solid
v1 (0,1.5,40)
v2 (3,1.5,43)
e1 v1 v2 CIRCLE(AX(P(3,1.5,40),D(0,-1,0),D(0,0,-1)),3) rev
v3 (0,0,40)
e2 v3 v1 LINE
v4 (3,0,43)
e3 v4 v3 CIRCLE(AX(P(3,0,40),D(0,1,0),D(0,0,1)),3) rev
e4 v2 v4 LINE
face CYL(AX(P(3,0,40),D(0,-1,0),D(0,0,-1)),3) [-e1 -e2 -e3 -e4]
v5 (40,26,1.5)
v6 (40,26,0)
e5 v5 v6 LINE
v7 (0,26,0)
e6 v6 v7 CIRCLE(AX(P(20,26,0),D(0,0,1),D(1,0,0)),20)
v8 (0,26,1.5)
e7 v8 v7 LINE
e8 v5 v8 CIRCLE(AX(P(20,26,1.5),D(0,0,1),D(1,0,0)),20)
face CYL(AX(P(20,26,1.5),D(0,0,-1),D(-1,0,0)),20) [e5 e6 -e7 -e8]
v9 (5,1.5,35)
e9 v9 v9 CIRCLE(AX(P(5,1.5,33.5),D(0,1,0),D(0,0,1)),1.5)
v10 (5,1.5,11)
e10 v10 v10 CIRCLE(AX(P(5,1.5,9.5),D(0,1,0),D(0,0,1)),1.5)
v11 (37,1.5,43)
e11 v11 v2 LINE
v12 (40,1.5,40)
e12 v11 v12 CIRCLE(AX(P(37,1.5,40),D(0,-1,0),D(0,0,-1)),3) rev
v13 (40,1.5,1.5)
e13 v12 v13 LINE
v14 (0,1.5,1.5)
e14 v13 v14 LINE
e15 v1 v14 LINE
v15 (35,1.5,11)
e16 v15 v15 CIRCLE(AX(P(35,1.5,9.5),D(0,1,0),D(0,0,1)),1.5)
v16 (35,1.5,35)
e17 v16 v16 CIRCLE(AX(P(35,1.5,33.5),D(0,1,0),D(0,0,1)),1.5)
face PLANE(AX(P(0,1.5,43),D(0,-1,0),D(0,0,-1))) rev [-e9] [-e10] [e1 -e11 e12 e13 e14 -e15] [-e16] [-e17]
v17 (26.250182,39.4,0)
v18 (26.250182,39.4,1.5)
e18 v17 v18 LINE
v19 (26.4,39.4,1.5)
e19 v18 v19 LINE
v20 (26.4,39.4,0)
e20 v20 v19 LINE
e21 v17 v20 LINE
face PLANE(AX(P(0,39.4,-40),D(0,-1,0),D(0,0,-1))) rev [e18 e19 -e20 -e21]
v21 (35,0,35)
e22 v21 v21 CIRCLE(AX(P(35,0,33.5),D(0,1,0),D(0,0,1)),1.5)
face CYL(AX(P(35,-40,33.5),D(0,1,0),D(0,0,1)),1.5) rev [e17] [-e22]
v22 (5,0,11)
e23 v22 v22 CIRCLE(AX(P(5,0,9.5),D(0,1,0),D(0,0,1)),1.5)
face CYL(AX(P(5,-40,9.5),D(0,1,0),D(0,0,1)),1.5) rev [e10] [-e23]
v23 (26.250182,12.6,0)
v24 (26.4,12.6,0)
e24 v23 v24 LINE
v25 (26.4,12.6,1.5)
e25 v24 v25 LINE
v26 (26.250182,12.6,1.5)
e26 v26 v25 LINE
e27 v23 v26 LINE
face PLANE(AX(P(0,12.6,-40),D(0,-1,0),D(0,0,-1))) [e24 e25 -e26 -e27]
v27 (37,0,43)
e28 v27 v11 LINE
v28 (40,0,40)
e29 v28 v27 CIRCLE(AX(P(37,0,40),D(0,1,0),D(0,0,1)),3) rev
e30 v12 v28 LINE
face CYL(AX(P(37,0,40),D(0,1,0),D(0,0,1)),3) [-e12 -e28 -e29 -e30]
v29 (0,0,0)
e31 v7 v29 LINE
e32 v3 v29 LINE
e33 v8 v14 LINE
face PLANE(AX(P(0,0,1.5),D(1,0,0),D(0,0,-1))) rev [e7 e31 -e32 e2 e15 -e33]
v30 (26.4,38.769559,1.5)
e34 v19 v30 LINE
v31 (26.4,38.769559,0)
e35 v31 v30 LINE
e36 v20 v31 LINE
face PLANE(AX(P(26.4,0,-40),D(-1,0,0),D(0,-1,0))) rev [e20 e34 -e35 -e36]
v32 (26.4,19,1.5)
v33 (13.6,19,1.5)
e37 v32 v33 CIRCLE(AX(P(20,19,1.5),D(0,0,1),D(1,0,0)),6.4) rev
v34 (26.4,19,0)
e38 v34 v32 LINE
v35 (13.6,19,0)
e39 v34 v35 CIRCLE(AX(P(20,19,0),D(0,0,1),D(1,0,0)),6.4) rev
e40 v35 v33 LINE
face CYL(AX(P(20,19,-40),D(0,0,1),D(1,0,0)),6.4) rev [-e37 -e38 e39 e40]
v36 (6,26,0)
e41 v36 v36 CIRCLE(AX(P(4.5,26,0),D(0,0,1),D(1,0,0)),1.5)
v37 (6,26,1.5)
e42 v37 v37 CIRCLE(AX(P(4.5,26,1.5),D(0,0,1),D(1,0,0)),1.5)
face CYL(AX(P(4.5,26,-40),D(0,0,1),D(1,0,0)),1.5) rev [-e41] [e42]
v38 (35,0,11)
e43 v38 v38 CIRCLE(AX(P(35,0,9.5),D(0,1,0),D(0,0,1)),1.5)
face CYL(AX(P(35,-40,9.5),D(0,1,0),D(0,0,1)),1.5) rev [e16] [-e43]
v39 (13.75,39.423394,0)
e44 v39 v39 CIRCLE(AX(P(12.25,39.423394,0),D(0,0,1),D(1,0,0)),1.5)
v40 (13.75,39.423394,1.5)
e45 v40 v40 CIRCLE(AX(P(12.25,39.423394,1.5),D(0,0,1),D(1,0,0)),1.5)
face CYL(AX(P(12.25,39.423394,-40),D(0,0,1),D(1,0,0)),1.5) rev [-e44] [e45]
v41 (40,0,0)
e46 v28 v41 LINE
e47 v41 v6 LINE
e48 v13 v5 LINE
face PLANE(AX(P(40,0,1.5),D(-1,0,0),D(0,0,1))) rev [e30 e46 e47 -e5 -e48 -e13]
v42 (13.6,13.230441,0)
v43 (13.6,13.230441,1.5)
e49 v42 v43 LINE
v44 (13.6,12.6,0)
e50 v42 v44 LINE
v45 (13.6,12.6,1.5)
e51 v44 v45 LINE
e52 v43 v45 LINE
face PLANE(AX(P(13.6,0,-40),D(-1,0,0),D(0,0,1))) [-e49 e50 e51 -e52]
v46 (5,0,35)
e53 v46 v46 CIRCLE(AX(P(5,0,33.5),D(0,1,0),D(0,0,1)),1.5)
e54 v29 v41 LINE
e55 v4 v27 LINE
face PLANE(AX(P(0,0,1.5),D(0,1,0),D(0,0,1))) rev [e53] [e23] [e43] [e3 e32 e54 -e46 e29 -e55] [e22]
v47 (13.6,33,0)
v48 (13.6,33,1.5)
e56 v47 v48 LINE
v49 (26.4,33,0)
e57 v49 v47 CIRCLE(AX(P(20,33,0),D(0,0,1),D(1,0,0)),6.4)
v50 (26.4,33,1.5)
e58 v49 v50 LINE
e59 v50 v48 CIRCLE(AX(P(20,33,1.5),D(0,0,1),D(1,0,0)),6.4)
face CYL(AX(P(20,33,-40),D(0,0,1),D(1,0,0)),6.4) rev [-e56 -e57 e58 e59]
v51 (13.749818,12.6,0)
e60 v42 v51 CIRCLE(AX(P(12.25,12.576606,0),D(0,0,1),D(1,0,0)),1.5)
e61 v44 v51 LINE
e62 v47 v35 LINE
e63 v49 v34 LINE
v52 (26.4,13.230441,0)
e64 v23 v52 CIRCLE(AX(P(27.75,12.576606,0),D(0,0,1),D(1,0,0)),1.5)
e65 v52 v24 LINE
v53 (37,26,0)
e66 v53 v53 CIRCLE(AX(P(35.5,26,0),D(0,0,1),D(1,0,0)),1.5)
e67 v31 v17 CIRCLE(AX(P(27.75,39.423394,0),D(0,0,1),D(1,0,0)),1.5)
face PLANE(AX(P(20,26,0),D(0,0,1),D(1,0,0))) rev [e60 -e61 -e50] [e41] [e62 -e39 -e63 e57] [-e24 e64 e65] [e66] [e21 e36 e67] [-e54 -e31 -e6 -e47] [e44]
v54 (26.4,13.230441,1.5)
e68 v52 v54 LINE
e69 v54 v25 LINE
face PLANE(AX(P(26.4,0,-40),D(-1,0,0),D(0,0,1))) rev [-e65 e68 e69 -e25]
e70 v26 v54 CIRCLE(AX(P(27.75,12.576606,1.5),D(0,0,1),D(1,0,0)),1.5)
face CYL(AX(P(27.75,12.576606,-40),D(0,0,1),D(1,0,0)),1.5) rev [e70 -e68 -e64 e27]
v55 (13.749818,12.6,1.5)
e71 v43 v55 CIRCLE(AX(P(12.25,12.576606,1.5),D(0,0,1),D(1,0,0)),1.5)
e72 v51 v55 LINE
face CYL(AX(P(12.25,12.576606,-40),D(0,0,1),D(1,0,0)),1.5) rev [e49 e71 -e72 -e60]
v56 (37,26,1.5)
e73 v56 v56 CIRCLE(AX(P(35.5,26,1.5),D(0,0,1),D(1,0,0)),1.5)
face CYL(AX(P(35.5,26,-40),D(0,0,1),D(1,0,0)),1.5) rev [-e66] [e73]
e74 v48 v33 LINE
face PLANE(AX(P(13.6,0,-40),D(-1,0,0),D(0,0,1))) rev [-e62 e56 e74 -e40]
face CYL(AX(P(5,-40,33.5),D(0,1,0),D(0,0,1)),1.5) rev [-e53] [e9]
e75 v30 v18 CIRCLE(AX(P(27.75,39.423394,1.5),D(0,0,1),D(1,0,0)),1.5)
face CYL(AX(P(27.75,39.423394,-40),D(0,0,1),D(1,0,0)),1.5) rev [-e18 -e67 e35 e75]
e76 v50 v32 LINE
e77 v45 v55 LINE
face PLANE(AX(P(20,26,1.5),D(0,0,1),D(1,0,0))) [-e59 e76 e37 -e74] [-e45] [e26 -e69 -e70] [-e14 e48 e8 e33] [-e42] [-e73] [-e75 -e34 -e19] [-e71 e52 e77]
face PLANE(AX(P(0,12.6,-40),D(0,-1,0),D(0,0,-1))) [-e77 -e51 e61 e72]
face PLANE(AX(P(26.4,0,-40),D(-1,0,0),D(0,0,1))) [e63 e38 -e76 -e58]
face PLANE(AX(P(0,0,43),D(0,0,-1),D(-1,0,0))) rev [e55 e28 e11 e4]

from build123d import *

# Parameters (mm, degrees)
SALIENTE_EXTRUIR1_DEPTH = 1.5
CROQUIS2_W              = 40
CROQUIS2_H              = 1.5
SALIENTE_EXTRUIR2_DEPTH = 41.5
CROQUIS3_R              = 1.5
CORTAR_EXTRUIR1_DEPTH   = 41.5
CROQUIS4_R              = 1.5
CORTAR_EXTRUIR2_DEPTH   = 41.5
FILLET1_R               = 3


with BuildPart() as part:
    # Croquis1 → Saliente-Extruir1 (new body)
    with BuildSketch(Plane.XY):
        with BuildLine():
            Line((0, 0), (40, 0))
            Line((40, 0), (40, 26))
            ThreePointArc((40, 26), (20, 46), (0, 26))
            Line((0, 26), (0, 0))
        make_face()
    extrude(amount=SALIENTE_EXTRUIR1_DEPTH)

    # Croquis2 → Saliente-Extruir2 (add)
    with BuildSketch(Plane.XY.offset(1.5)):
        with Locations((20, 0.75)):
            Rectangle(CROQUIS2_W, CROQUIS2_H)
    extrude(amount=SALIENTE_EXTRUIR2_DEPTH)

    # Croquis3 → Cortar-Extruir1 (cut)
    with BuildSketch(Plane(origin=(0, 1.5, 0), x_dir=(1, 0, 0), z_dir=(0, 1, 0))):
        with Locations(Location((5, -33.5, 0), (0, 0, 270))):
            Circle(CROQUIS3_R)
        with Locations(Location((5, -9.5, 0), (0, 0, 270))):
            Circle(CROQUIS3_R)
        with Locations(Location((35, -9.5, 0), (0, 0, 270))):
            Circle(CROQUIS3_R)
        with Locations(Location((35, -33.5, 0), (0, 0, 270))):
            Circle(CROQUIS3_R)
    extrude(amount=-CORTAR_EXTRUIR1_DEPTH, mode=Mode.SUBTRACT)

    # Croquis4 → Cortar-Extruir2 (cut)
    with BuildSketch(Plane.XY.offset(1.5)):
        with BuildLine():
            ThreePointArc((26.4, 33), (20, 39.4), (13.6, 33))
            Line((13.6, 33), (13.6, 19))
            ThreePointArc((13.6, 19), (20, 12.6), (26.4, 19))
            Line((26.4, 19), (26.4, 33))
        make_face()
        with Locations((12.25, 39.423393759)):
            Circle(CROQUIS4_R)
        with BuildLine():
            Line((13.749817566, 12.6), (13.6, 12.6))
            Line((13.6, 12.6), (13.6, 13.230441083))
            ThreePointArc((13.6, 13.230441083), (10.790640884, 12.229805189), (13.749817566, 12.6))
        make_face()
        with BuildLine():
            Line((26.250182434, 39.4), (26.4, 39.4))
            Line((26.4, 39.4), (26.4, 38.769558917))
            ThreePointArc((26.4, 38.769558917), (29.209359116, 39.770194811), (26.250182434, 39.4))
        make_face()
        with BuildLine():
            Line((26.4, 12.6), (26.250182434, 12.6))
            ThreePointArc((26.250182434, 12.6), (29.209359116, 12.229805189), (26.4, 13.230441083))
            Line((26.4, 13.230441083), (26.4, 12.6))
        make_face()
        with Locations((4.5, 26)):
            Circle(CROQUIS4_R)
        with Locations((35.5, 26)):
            Circle(CROQUIS4_R)
    extrude(amount=-CORTAR_EXTRUIR2_DEPTH, mode=Mode.SUBTRACT)

    # Fillet1
    fillet1_edges = [part.edges().sort_by_distance(p)[0] for p in [
        (0, 0.75, 43),
        (40, 0.75, 43),
    ]]
    fillet(fillet1_edges, radius=FILLET1_R)


solid = part.part
